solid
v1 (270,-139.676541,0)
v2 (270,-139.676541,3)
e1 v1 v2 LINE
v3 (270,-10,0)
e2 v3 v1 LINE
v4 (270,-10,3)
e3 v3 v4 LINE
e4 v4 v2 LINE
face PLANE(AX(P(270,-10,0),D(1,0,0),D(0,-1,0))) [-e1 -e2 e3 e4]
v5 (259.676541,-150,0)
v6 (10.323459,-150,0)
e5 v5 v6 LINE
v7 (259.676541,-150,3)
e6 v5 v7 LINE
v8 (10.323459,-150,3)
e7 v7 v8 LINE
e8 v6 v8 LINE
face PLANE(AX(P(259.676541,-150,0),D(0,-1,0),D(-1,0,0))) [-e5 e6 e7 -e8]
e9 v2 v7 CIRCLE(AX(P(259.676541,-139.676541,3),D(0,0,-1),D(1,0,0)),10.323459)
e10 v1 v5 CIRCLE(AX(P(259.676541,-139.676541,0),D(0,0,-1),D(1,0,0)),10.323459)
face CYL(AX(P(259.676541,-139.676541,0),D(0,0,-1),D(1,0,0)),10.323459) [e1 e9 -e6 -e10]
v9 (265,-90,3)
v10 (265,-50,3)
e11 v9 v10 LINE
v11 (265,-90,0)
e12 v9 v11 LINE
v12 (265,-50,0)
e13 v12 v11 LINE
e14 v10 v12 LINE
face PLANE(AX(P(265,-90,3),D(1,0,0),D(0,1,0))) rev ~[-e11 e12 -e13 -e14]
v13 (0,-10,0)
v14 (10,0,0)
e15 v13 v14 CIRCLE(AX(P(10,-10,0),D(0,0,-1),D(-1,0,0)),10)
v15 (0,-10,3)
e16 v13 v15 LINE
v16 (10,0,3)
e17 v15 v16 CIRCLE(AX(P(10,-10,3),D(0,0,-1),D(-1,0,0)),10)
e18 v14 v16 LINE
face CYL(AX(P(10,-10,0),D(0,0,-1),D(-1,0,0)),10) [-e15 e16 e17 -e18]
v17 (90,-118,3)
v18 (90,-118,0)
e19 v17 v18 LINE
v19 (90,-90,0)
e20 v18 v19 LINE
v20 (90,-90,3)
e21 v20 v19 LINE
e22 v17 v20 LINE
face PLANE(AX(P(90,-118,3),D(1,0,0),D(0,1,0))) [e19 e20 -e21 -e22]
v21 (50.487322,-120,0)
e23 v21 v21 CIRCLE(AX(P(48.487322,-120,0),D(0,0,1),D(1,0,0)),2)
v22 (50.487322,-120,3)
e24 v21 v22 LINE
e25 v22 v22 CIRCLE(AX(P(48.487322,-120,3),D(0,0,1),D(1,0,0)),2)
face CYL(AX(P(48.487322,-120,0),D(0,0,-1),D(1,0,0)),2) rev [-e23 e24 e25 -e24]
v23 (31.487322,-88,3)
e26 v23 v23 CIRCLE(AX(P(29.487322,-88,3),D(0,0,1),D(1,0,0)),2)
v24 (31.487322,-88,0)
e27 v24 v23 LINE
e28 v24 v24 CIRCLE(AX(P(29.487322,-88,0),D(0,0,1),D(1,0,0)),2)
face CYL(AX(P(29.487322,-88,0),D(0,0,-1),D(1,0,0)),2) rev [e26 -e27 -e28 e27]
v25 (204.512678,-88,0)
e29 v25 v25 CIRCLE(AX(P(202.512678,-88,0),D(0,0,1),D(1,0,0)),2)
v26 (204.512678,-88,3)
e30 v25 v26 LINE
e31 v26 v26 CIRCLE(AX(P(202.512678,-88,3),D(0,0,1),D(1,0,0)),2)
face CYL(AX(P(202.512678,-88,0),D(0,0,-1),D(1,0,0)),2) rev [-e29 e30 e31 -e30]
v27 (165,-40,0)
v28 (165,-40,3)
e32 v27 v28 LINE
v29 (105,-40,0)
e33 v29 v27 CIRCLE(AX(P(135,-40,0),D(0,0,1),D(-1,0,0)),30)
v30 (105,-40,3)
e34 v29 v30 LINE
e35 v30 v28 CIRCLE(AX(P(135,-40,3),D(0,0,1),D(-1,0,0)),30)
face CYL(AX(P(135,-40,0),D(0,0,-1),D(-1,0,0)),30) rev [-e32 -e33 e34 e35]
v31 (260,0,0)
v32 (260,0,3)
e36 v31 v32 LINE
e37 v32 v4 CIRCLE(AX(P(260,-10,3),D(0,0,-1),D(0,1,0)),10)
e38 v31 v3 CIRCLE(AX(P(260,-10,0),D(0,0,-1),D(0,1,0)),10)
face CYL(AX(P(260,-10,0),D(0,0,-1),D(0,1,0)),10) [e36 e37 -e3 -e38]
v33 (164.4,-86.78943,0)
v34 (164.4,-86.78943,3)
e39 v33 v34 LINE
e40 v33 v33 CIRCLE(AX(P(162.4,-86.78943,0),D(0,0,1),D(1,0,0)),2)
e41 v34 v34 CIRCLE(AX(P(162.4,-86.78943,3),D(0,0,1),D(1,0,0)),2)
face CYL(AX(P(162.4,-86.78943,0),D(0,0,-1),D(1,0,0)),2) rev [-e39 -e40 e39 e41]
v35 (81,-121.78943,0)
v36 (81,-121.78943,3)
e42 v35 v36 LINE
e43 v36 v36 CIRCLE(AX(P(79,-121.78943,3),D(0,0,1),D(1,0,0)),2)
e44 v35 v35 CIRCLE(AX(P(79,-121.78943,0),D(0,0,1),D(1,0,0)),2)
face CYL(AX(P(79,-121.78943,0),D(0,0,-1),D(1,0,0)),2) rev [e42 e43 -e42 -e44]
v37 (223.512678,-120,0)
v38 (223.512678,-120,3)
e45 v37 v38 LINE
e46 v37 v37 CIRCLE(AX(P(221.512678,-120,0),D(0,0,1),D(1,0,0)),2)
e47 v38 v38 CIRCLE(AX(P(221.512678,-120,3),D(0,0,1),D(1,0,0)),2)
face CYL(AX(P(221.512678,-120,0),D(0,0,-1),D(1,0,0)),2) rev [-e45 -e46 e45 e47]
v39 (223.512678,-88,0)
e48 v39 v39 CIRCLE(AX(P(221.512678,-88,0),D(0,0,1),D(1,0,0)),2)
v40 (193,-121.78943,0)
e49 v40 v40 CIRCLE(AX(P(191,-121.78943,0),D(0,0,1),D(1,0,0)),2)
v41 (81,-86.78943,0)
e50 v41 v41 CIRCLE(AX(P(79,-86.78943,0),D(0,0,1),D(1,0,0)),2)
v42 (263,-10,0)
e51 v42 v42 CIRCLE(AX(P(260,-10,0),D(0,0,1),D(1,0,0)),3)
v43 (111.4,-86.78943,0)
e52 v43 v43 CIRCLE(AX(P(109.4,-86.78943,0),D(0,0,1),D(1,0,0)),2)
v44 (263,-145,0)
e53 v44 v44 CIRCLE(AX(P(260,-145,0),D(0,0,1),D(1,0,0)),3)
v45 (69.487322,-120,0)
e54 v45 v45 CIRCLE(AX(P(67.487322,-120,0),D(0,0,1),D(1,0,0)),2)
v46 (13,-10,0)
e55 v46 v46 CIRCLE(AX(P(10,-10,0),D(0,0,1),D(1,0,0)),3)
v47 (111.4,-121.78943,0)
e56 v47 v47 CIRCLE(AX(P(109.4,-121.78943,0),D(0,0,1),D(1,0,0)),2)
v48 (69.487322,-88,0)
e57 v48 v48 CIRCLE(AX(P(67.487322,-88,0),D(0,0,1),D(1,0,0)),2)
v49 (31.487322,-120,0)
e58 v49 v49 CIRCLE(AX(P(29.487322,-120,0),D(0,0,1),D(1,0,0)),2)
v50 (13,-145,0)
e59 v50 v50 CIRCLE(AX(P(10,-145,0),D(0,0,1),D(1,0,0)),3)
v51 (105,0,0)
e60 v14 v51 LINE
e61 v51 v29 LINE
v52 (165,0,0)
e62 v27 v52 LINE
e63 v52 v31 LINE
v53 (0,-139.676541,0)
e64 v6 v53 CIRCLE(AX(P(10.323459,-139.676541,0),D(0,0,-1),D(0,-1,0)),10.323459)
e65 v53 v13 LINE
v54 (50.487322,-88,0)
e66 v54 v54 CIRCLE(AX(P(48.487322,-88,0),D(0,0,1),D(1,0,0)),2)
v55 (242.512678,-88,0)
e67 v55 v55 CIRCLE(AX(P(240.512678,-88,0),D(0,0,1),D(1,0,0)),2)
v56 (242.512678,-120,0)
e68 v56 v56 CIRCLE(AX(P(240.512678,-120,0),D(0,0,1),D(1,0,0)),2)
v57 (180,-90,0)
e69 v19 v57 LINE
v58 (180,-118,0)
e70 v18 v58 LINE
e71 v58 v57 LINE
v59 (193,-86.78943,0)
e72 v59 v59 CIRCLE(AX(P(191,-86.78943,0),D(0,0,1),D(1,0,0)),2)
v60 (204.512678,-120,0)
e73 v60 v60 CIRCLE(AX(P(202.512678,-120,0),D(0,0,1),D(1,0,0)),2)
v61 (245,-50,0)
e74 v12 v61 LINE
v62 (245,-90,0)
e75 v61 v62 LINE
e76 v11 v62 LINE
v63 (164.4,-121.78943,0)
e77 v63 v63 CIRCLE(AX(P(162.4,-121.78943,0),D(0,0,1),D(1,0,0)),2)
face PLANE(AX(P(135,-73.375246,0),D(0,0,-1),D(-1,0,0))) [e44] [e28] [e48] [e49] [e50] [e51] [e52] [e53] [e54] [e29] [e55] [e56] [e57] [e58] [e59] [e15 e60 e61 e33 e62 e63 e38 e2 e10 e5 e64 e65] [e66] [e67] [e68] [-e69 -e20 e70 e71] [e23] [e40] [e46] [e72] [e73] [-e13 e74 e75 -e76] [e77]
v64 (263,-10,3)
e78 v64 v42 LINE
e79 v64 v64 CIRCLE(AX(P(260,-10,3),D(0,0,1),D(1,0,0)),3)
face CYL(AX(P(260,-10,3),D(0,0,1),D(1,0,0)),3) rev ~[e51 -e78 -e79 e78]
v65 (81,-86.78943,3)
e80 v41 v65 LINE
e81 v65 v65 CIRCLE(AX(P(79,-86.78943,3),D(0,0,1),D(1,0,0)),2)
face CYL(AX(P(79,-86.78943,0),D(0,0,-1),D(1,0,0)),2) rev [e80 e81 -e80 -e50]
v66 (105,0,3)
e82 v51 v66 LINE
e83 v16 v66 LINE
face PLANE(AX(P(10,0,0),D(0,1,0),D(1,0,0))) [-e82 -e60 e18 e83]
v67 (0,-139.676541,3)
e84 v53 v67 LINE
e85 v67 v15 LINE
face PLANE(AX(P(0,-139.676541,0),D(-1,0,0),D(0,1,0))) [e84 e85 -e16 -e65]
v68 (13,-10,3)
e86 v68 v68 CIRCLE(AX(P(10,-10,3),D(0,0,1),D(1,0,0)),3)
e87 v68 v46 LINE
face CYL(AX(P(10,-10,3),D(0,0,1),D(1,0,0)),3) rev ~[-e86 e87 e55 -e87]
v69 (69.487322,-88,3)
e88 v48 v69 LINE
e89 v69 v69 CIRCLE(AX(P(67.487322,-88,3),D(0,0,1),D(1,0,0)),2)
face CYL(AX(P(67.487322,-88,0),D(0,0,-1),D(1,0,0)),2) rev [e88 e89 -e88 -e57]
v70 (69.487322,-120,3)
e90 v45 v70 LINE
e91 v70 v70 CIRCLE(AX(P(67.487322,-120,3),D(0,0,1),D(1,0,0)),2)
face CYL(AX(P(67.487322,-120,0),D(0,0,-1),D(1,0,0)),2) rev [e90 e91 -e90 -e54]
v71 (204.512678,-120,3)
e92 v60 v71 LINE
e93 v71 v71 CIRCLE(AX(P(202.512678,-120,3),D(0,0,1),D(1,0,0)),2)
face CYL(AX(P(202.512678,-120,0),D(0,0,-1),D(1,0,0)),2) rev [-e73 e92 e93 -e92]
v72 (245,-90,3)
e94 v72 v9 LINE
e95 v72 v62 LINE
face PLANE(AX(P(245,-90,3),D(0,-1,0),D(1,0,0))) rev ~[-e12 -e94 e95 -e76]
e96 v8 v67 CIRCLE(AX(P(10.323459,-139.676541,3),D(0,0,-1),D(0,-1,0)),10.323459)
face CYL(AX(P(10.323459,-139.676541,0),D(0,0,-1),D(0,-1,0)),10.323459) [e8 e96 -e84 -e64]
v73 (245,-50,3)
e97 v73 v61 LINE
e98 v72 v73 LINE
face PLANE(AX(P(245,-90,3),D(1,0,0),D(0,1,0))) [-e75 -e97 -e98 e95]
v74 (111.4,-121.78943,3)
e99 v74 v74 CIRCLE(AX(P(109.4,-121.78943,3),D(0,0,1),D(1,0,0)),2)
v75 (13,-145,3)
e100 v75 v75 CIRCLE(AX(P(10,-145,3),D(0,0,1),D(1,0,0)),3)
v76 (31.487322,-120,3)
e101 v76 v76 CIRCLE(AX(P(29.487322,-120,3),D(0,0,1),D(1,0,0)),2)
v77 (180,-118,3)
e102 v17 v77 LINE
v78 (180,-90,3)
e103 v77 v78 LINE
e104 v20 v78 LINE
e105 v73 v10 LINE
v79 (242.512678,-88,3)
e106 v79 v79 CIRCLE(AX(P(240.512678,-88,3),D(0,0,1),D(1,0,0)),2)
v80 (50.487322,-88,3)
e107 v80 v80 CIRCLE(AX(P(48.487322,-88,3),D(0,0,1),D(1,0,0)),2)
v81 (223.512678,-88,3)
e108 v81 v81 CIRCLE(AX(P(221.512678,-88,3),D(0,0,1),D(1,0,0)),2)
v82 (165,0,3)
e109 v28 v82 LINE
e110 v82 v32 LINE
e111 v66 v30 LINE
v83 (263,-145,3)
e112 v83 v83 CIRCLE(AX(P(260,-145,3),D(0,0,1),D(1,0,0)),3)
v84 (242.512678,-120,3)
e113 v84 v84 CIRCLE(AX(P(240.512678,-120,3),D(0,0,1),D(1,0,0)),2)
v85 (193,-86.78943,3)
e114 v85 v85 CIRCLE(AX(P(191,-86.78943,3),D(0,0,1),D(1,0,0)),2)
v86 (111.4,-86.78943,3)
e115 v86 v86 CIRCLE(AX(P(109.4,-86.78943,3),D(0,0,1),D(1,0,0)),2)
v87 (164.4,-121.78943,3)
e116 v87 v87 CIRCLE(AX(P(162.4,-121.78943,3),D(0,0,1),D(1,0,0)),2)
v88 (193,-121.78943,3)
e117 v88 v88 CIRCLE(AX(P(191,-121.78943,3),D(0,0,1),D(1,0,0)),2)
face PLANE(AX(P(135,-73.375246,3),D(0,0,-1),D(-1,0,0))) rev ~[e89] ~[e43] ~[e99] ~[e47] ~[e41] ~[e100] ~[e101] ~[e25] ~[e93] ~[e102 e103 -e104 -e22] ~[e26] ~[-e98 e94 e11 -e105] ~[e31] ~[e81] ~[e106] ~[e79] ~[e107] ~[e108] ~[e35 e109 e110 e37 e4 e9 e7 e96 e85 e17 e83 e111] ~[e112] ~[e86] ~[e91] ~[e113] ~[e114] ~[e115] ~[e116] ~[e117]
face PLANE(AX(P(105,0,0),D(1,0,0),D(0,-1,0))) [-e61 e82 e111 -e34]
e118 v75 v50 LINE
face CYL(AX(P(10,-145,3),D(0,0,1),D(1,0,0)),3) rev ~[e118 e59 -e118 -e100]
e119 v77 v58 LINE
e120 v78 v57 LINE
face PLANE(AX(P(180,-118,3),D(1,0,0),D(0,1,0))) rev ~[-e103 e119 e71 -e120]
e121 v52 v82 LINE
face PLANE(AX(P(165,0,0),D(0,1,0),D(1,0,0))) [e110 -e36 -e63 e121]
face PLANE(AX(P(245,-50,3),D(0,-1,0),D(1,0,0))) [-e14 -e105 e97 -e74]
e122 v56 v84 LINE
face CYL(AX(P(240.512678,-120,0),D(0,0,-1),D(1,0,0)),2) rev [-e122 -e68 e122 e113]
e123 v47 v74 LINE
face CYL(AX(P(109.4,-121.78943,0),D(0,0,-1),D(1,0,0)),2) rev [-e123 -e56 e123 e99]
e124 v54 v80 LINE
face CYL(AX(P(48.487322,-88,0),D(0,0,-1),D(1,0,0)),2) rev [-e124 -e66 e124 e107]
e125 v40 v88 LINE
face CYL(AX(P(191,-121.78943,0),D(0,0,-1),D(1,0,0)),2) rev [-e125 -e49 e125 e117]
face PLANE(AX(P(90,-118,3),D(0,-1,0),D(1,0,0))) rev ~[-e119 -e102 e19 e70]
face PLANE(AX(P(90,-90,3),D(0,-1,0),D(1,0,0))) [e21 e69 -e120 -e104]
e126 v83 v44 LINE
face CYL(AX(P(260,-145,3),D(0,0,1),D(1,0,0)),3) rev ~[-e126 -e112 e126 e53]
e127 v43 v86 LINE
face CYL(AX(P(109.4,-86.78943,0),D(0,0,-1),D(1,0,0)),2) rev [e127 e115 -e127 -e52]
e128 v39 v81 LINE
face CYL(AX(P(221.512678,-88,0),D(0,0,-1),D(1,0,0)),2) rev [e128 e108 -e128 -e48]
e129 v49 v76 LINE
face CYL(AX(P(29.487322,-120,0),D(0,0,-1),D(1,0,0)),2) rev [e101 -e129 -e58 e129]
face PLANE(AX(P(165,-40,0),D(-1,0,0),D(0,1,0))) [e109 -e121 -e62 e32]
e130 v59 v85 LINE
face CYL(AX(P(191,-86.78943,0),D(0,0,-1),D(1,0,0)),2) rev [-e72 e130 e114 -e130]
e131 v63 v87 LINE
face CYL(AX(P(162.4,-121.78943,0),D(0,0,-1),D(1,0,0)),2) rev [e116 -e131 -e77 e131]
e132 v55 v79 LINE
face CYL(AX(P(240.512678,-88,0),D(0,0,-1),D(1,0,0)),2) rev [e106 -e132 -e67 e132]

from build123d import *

# Parameters (mm, degrees)
ESQUISSE1_R             = 2
BOSS_EXTRU_1_DEPTH      = 3
ESQUISSE2_R             = 3
ESQUISSE2_W             = 90
ESQUISSE2_H             = 28
ENL_V_MAT_EXTRU_1_DEPTH = 3
ESQUISSE3_W             = 20
ESQUISSE3_H             = 40
ENL_V_MAT_EXTRU_2_DEPTH = 10


with BuildPart() as part:
    # Esquisse1 → Boss.-Extru.1 (new body)
    with BuildSketch(Plane.XY):
        with BuildLine():
            Line((10, 0), (105, 0))
            Line((105, 0), (105, -40))
            ThreePointArc((105, -40), (135, -70), (165, -40))
            Line((165, -40), (165, 0))
            Line((165, 0), (260, 0))
            ThreePointArc((260, 0), (267.071067812, -2.928932188), (270, -10))
            Line((270, -10), (270, -139.676541182))
            ThreePointArc((270, -139.676541182), (266.976328917, -146.976328917), (259.676541182, -150))
            Line((259.676541182, -150), (10.323458818, -150))
            ThreePointArc((10.323458818, -150), (3.023671083, -146.976328917), (0, -139.676541182))
            Line((0, -139.676541182), (0, -10))
            ThreePointArc((0, -10), (2.928932188, -2.928932188), (10, 0))
        make_face()
        with Locations((221.512678431, -88)):
            Circle(ESQUISSE1_R, mode=Mode.SUBTRACT)
        with Locations((202.512678431, -88)):
            Circle(ESQUISSE1_R, mode=Mode.SUBTRACT)
        with Locations((240.512678431, -88)):
            Circle(ESQUISSE1_R, mode=Mode.SUBTRACT)
        with Locations((221.512678431, -120)):
            Circle(ESQUISSE1_R, mode=Mode.SUBTRACT)
        with Locations((240.512678431, -120)):
            Circle(ESQUISSE1_R, mode=Mode.SUBTRACT)
        with Locations((202.512678431, -120)):
            Circle(ESQUISSE1_R, mode=Mode.SUBTRACT)
        with Locations((67.487321569, -88)):
            Circle(ESQUISSE1_R, mode=Mode.SUBTRACT)
        with Locations((48.487321569, -88)):
            Circle(ESQUISSE1_R, mode=Mode.SUBTRACT)
        with Locations((29.487321569, -88)):
            Circle(ESQUISSE1_R, mode=Mode.SUBTRACT)
        with Locations((29.487321569, -120)):
            Circle(ESQUISSE1_R, mode=Mode.SUBTRACT)
        with Locations((48.487321569, -120)):
            Circle(ESQUISSE1_R, mode=Mode.SUBTRACT)
        with Locations((67.487321569, -120)):
            Circle(ESQUISSE1_R, mode=Mode.SUBTRACT)
        with Locations((191, -121.789429788)):
            Circle(ESQUISSE1_R, mode=Mode.SUBTRACT)
        with Locations((191, -86.789429788)):
            Circle(ESQUISSE1_R, mode=Mode.SUBTRACT)
        with Locations((162.4, -86.789429788)):
            Circle(ESQUISSE1_R, mode=Mode.SUBTRACT)
        with Locations((162.4, -121.789429788)):
            Circle(ESQUISSE1_R, mode=Mode.SUBTRACT)
        with Locations((109.4, -86.789429788)):
            Circle(ESQUISSE1_R, mode=Mode.SUBTRACT)
        with Locations((109.4, -121.789429788)):
            Circle(ESQUISSE1_R, mode=Mode.SUBTRACT)
        with Locations((79, -86.789429788)):
            Circle(ESQUISSE1_R, mode=Mode.SUBTRACT)
        with Locations((79, -121.789429788)):
            Circle(ESQUISSE1_R, mode=Mode.SUBTRACT)
    extrude(amount=BOSS_EXTRU_1_DEPTH)

    # Esquisse2 → Enlèv. mat.-Extru.1 (cut)
    with BuildSketch(Plane.XY.offset(3)):
        with Locations((10, -10)):
            Circle(ESQUISSE2_R)
        with Locations((260, -10)):
            Circle(ESQUISSE2_R)
        with Locations((260, -145)):
            Circle(ESQUISSE2_R)
        with Locations((10, -145)):
            Circle(ESQUISSE2_R)
        with Locations((135, -104)):
            Rectangle(ESQUISSE2_W, ESQUISSE2_H)
    extrude(amount=-ENL_V_MAT_EXTRU_1_DEPTH, mode=Mode.SUBTRACT)

    # Esquisse3 → Enlèv. mat.-Extru.2 (cut)
    with BuildSketch(Plane.XY.offset(3)):
        with Locations((255, -70)):
            Rectangle(ESQUISSE3_W, ESQUISSE3_H)
    extrude(amount=-ENL_V_MAT_EXTRU_2_DEPTH, mode=Mode.SUBTRACT)


solid = part.part
